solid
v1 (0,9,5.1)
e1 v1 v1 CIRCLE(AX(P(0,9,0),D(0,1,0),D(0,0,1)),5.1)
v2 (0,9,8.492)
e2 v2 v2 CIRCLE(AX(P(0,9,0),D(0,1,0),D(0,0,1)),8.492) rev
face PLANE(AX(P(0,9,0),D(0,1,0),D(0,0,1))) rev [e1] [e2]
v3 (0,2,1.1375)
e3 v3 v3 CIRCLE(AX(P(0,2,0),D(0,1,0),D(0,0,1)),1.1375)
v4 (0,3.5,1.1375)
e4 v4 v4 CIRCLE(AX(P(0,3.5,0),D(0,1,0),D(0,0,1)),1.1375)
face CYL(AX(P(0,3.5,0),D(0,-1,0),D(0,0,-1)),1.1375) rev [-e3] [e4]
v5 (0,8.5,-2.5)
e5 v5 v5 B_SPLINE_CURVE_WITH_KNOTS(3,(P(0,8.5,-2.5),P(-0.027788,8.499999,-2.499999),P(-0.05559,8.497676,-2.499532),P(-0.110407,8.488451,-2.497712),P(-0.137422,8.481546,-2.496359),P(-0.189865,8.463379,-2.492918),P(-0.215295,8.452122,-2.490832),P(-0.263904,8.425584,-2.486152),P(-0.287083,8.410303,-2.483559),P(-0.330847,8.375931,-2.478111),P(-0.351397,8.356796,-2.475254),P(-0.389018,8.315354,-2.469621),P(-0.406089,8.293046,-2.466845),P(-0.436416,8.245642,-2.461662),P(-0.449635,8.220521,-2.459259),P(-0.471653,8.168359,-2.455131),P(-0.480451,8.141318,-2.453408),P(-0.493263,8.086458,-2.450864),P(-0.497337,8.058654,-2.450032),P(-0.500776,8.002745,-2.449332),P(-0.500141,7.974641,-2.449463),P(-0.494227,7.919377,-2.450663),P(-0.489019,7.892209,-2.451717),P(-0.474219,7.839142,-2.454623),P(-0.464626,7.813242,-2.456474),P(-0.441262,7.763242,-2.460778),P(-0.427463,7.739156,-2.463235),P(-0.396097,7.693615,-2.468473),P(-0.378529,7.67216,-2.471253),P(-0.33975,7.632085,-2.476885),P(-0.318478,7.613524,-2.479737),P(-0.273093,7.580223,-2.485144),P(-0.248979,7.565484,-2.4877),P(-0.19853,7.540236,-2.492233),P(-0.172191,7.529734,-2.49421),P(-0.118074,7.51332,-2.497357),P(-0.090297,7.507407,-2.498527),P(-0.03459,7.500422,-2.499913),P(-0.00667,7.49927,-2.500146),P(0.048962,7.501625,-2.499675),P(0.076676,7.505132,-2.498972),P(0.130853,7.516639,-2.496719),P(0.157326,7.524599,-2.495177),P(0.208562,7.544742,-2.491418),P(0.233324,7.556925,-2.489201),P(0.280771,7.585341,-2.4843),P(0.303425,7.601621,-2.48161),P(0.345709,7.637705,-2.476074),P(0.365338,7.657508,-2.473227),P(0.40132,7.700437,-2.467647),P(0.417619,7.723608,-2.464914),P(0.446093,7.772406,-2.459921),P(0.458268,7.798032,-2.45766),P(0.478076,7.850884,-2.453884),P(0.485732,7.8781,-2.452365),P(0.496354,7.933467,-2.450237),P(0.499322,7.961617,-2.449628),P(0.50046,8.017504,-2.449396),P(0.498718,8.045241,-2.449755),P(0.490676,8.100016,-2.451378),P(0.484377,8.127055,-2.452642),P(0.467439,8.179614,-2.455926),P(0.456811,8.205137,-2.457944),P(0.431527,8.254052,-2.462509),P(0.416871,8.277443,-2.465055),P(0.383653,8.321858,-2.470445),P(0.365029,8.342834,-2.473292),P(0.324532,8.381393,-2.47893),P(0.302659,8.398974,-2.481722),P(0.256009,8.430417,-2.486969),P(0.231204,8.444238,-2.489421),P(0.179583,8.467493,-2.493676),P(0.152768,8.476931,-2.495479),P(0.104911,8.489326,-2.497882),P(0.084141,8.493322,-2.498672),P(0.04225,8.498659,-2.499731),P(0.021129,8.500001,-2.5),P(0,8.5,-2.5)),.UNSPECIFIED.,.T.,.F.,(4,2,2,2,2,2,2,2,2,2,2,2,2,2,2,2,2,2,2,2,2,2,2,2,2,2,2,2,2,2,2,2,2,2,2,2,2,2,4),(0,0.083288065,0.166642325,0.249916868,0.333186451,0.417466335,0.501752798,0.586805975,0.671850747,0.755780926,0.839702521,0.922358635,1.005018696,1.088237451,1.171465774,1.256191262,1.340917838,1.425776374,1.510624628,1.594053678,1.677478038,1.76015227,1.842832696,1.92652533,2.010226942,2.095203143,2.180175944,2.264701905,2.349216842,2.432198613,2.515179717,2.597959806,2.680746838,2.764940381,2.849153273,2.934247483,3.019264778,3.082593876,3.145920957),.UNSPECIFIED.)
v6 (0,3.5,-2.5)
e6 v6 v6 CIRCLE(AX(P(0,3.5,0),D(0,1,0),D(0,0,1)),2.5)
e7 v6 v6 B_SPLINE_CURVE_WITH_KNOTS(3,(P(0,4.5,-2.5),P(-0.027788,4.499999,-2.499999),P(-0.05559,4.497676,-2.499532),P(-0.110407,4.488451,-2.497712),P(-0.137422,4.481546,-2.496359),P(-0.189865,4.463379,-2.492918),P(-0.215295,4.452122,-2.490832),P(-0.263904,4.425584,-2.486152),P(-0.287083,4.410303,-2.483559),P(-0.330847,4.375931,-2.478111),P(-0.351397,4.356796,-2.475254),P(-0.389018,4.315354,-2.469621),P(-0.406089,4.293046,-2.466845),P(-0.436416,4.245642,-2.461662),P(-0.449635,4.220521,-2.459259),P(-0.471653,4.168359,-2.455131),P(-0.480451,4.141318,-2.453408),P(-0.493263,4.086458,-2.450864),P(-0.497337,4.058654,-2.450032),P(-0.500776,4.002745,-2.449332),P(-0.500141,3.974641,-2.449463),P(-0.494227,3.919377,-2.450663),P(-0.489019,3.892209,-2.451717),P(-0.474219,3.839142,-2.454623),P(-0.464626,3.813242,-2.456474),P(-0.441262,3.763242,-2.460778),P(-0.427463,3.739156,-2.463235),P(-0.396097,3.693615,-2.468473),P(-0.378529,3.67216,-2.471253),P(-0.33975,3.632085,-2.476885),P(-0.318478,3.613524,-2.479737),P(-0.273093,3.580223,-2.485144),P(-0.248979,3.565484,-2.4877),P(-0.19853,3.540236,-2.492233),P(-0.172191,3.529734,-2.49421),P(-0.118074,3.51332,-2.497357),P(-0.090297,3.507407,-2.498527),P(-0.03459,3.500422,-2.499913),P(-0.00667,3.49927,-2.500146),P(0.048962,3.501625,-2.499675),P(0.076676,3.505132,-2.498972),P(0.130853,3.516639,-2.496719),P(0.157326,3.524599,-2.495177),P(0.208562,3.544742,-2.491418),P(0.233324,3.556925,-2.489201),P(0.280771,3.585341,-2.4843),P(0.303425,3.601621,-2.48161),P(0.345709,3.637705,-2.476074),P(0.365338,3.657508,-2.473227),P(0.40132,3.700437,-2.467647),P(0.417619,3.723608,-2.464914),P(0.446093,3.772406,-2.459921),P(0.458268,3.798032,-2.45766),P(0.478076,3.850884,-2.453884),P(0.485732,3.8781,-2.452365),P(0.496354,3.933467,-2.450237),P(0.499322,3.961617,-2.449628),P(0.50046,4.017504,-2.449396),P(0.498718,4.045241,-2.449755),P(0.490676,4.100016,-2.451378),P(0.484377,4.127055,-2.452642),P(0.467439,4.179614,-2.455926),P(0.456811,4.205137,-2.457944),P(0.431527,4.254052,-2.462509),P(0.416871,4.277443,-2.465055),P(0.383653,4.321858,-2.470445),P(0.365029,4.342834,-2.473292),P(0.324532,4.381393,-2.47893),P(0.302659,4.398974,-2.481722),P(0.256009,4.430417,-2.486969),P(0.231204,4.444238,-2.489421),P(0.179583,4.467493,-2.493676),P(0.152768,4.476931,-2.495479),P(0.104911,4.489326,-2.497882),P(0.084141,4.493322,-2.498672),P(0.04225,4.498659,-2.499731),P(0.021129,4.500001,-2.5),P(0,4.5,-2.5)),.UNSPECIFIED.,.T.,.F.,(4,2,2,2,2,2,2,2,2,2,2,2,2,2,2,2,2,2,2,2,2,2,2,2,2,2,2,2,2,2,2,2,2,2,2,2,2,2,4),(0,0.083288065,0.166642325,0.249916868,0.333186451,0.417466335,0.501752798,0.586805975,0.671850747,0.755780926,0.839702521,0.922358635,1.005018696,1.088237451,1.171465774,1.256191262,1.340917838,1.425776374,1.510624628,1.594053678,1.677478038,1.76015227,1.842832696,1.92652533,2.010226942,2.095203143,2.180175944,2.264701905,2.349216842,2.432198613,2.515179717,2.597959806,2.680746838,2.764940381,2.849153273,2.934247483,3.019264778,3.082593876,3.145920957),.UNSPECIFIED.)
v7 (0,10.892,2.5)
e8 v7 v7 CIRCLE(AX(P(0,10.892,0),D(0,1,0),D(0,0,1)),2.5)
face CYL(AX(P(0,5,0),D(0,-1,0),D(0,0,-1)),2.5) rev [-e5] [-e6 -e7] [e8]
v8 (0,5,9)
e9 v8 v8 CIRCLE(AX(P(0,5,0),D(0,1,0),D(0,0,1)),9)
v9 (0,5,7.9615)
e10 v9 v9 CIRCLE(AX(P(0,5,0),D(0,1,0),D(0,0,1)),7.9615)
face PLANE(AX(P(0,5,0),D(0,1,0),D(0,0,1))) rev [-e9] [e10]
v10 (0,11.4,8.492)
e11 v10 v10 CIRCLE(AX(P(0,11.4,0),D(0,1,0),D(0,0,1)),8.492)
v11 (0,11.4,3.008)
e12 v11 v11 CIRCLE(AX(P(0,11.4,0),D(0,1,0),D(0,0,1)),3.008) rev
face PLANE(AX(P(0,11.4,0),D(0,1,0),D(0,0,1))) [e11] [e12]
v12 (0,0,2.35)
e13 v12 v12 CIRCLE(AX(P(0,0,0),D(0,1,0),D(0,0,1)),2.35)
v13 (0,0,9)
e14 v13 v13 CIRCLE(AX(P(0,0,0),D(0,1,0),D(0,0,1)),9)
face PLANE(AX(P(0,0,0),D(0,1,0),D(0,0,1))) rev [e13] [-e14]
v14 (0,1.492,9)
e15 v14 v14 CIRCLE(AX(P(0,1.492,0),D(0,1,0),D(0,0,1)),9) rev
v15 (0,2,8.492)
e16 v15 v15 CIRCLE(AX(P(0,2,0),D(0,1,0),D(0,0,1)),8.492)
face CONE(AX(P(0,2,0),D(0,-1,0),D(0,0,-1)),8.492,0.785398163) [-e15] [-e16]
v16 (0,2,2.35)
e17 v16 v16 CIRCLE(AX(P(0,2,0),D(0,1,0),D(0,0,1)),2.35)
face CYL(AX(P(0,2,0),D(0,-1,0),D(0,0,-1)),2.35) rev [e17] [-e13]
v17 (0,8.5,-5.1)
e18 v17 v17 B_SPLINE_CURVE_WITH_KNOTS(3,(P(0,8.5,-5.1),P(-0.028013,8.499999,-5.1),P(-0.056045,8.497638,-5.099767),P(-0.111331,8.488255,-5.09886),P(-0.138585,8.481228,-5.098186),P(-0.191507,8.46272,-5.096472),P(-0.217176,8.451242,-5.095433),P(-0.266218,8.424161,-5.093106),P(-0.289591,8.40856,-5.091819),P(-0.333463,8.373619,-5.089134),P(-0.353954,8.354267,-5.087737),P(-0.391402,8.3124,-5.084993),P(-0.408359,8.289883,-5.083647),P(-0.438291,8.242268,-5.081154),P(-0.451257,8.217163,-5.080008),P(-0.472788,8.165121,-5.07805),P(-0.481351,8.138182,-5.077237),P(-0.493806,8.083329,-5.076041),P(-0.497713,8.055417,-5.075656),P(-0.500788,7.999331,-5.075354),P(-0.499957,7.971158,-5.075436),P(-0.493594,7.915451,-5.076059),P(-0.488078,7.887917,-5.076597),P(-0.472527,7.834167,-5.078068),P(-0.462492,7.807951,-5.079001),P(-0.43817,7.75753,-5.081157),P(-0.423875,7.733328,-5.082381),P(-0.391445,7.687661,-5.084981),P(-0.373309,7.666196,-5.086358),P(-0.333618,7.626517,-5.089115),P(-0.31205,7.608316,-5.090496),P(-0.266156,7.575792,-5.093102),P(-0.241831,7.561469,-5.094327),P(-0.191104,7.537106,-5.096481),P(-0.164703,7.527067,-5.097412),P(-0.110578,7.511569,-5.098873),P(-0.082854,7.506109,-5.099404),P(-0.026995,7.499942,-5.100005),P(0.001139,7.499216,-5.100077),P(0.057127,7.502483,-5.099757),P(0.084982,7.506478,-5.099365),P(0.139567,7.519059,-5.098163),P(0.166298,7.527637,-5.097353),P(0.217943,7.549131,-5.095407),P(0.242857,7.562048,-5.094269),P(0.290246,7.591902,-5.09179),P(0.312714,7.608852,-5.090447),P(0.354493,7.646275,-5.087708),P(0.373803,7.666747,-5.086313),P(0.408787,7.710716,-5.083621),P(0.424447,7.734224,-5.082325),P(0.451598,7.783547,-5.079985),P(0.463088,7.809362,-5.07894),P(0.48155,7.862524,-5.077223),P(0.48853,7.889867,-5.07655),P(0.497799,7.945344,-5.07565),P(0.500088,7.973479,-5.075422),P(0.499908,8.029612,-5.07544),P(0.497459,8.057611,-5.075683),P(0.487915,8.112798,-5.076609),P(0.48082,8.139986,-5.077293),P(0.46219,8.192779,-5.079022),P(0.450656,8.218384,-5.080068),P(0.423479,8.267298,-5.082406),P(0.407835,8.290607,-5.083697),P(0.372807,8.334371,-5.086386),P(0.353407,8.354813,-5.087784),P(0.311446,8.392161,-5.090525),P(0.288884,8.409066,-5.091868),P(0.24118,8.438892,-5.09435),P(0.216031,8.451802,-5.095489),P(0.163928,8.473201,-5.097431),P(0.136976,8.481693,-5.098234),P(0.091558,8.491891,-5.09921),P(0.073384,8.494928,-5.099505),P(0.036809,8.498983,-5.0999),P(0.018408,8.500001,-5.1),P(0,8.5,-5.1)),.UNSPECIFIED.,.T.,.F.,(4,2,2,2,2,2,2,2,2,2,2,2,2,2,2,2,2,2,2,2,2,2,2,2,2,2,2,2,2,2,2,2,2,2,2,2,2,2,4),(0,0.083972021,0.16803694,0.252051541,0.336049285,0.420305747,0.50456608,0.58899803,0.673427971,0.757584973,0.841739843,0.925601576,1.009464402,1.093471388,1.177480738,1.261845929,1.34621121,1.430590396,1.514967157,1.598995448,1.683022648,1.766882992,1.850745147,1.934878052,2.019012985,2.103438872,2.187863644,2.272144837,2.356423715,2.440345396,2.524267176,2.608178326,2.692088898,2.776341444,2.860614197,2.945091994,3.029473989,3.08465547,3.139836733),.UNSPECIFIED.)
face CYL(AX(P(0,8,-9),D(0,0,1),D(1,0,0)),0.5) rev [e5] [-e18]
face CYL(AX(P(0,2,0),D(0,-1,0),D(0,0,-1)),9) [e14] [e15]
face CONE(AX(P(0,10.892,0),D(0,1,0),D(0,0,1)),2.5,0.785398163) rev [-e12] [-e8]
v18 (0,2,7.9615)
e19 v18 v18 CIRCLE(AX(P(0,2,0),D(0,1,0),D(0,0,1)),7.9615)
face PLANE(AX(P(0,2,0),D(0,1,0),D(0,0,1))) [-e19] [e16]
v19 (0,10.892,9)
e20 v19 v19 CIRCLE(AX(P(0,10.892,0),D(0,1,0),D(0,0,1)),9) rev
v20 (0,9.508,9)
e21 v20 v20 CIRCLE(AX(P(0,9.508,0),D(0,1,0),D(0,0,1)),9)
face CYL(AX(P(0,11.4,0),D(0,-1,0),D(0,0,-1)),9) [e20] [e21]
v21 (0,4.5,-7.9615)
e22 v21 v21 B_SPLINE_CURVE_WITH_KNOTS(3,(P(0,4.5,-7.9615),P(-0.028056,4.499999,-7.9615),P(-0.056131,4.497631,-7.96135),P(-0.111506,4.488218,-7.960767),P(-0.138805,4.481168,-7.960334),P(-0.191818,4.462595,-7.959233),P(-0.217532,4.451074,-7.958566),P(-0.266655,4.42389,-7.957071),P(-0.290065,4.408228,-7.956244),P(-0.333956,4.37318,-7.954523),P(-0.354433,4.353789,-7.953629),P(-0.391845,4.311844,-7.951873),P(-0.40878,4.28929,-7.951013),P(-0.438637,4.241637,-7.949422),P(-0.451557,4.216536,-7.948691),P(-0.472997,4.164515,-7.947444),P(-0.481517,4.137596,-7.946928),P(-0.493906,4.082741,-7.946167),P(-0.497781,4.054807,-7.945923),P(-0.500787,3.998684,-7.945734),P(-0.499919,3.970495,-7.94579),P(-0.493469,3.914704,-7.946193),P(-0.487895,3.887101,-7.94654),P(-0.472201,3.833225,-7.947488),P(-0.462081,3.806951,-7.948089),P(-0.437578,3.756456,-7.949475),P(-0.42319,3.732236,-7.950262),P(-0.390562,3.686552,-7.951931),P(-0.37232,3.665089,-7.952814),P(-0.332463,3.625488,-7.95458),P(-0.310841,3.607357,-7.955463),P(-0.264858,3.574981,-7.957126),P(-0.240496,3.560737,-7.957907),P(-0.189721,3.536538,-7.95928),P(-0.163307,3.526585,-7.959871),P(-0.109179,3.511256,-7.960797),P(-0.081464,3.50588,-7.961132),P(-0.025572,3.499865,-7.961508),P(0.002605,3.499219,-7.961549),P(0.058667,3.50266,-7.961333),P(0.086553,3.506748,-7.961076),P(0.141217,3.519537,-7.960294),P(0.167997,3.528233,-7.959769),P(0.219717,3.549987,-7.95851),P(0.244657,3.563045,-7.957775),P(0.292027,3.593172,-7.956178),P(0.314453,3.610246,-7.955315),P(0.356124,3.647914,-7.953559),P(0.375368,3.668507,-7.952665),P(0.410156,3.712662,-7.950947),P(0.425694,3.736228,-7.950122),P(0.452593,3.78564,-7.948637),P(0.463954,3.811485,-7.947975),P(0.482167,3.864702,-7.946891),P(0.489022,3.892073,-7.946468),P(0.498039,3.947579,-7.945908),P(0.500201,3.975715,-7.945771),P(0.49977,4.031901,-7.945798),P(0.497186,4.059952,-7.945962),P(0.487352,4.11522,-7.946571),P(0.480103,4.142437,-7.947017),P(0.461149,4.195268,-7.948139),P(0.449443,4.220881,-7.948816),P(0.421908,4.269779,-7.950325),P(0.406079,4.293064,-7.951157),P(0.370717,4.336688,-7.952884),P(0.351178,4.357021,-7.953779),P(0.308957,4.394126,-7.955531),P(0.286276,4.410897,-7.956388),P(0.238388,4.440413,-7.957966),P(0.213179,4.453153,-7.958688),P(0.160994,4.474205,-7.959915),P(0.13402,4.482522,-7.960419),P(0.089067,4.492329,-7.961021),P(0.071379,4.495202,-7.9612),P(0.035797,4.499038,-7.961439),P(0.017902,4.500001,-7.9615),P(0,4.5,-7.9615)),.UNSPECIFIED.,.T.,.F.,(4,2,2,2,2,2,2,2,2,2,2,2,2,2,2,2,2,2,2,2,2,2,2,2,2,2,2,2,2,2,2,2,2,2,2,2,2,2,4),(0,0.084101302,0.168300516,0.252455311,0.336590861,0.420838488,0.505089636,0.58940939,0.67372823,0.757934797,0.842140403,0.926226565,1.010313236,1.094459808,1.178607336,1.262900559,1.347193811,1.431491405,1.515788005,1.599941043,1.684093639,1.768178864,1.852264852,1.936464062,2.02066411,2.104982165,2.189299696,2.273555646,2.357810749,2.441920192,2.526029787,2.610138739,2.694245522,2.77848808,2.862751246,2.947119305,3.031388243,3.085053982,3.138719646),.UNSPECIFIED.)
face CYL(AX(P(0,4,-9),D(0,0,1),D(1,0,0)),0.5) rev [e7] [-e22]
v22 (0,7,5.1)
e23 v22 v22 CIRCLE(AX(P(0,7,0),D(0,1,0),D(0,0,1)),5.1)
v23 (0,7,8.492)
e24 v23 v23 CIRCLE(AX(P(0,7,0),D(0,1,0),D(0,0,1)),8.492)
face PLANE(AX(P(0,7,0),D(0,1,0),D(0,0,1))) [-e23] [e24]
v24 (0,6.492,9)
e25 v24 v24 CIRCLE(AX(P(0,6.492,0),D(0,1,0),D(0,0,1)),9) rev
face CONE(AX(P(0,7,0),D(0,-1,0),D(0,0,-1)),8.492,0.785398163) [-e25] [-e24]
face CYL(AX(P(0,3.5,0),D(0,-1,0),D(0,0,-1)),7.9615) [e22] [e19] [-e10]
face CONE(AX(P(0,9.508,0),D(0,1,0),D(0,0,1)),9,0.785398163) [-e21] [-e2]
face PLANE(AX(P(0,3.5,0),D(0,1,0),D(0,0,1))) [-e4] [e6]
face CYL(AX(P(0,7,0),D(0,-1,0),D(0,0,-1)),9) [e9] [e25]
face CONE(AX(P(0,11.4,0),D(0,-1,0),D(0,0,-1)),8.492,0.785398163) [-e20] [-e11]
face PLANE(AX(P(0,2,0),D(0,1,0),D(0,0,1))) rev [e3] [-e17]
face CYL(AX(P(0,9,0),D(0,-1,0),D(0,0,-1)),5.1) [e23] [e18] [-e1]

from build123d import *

# Parameters (mm, degrees)
SKETCH1_R           = 9
SKETCH1_R_2         = 2.35
BOSS_EXTRUDE1_DEPTH = 2
SKETCH2_R           = 7.9615
SKETCH2_R_2         = 1.1375
BOSS_EXTRUDE2_DEPTH = 1.5
SKETCH3_R           = 7.9615
SKETCH3_R_2         = 2.5
BOSS_EXTRUDE3_DEPTH = 1.5
SKETCH5_R           = 9
SKETCH5_R_2         = 2.5
BOSS_EXTRUDE4_DEPTH = 2
SKETCH6_R           = 5.1
SKETCH6_R_2         = 2.5
BOSS_EXTRUDE5_DEPTH = 2
SKETCH7_R           = 9
SKETCH7_R_2         = 2.5
BOSS_EXTRUDE6_DEPTH = 2.4
SKETCH8_R           = 0.5
CUT_EXTRUDE1_DEPTH  = 18.086837039
CHAMFER1_SIZE       = 0.508


with BuildPart() as part:
    # Sketch1 → Boss-Extrude1 (new body)
    with BuildSketch(Plane(origin=(0, 0, 0), x_dir=(1, 0, 0), z_dir=(0, 1, 0))):
        with Locations(Location((0, 0, 0), (0, 0, 270))):
            Circle(SKETCH1_R)
        with Locations(Location((0, 0, 0), (0, 0, 270))):
            Circle(SKETCH1_R_2, mode=Mode.SUBTRACT)
    extrude(amount=BOSS_EXTRUDE1_DEPTH)

    # Sketch2 → Boss-Extrude2 (add)
    with BuildSketch(Plane(origin=(0, 2, 0), x_dir=(1, 0, 0), z_dir=(0, 1, 0))):
        with Locations(Location((0, 0, 0), (0, 0, 270))):
            Circle(SKETCH2_R)
        with Locations(Location((0, 0, 0), (0, 0, 270))):
            Circle(SKETCH2_R_2, mode=Mode.SUBTRACT)
    extrude(amount=BOSS_EXTRUDE2_DEPTH)

    # Sketch3 → Boss-Extrude3 (add)
    with BuildSketch(Plane(origin=(0, 3.5, 0), x_dir=(1, 0, 0), z_dir=(0, 1, 0))):
        with Locations(Location((0, 0, 0), (0, 0, 270))):
            Circle(SKETCH3_R)
        with Locations(Location((0, 0, 0), (0, 0, 270))):
            Circle(SKETCH3_R_2, mode=Mode.SUBTRACT)
    extrude(amount=BOSS_EXTRUDE3_DEPTH)

    # Sketch5 → Boss-Extrude4 (add)
    with BuildSketch(Plane(origin=(0, 5, 0), x_dir=(1, 0, 0), z_dir=(0, 1, 0))):
        with Locations(Location((0, 0, 0), (0, 0, 270))):
            Circle(SKETCH5_R)
        with Locations(Location((0, 0, 0), (0, 0, 270))):
            Circle(SKETCH5_R_2, mode=Mode.SUBTRACT)
    extrude(amount=BOSS_EXTRUDE4_DEPTH)

    # Sketch6 → Boss-Extrude5 (add)
    with BuildSketch(Plane(origin=(0, 7, 0), x_dir=(1, 0, 0), z_dir=(0, 1, 0))):
        with Locations(Location((0, 0, 0), (0, 0, 270))):
            Circle(SKETCH6_R)
        with Locations(Location((0, 0, 0), (0, 0, 270))):
            Circle(SKETCH6_R_2, mode=Mode.SUBTRACT)
    extrude(amount=BOSS_EXTRUDE5_DEPTH)

    # Sketch7 → Boss-Extrude6 (add)
    with BuildSketch(Plane(origin=(0, 9, 0), x_dir=(1, 0, 0), z_dir=(0, 1, 0))):
        with Locations(Location((0, 0, 0), (0, 0, 270))):
            Circle(SKETCH7_R)
        with Locations(Location((0, 0, 0), (0, 0, 270))):
            Circle(SKETCH7_R_2, mode=Mode.SUBTRACT)
    extrude(amount=BOSS_EXTRUDE6_DEPTH)

    # Sketch8 → Cut-Extrude1 (cut, through all)
    with BuildSketch(Plane.XY):
        with Locations(Location((0, 8, 0), (0, 0, 90))):
            Circle(SKETCH8_R)
        with Locations(Location((0, 4, 0), (0, 0, 89.999999996))):
            Circle(SKETCH8_R)
    extrude(amount=-CUT_EXTRUDE1_DEPTH, mode=Mode.SUBTRACT)

    # Chamfer1
    chamfer1_edges = [part.edges().sort_by_distance(p)[0] for p in [
        (0, 7, -9),
        (0, 11.4, -9),
        (0, 9, -9),
        (0, 11.4, -2.5),
        (0, 2, -9),
    ]]
    chamfer(chamfer1_edges, length=CHAMFER1_SIZE)


solid = part.part
